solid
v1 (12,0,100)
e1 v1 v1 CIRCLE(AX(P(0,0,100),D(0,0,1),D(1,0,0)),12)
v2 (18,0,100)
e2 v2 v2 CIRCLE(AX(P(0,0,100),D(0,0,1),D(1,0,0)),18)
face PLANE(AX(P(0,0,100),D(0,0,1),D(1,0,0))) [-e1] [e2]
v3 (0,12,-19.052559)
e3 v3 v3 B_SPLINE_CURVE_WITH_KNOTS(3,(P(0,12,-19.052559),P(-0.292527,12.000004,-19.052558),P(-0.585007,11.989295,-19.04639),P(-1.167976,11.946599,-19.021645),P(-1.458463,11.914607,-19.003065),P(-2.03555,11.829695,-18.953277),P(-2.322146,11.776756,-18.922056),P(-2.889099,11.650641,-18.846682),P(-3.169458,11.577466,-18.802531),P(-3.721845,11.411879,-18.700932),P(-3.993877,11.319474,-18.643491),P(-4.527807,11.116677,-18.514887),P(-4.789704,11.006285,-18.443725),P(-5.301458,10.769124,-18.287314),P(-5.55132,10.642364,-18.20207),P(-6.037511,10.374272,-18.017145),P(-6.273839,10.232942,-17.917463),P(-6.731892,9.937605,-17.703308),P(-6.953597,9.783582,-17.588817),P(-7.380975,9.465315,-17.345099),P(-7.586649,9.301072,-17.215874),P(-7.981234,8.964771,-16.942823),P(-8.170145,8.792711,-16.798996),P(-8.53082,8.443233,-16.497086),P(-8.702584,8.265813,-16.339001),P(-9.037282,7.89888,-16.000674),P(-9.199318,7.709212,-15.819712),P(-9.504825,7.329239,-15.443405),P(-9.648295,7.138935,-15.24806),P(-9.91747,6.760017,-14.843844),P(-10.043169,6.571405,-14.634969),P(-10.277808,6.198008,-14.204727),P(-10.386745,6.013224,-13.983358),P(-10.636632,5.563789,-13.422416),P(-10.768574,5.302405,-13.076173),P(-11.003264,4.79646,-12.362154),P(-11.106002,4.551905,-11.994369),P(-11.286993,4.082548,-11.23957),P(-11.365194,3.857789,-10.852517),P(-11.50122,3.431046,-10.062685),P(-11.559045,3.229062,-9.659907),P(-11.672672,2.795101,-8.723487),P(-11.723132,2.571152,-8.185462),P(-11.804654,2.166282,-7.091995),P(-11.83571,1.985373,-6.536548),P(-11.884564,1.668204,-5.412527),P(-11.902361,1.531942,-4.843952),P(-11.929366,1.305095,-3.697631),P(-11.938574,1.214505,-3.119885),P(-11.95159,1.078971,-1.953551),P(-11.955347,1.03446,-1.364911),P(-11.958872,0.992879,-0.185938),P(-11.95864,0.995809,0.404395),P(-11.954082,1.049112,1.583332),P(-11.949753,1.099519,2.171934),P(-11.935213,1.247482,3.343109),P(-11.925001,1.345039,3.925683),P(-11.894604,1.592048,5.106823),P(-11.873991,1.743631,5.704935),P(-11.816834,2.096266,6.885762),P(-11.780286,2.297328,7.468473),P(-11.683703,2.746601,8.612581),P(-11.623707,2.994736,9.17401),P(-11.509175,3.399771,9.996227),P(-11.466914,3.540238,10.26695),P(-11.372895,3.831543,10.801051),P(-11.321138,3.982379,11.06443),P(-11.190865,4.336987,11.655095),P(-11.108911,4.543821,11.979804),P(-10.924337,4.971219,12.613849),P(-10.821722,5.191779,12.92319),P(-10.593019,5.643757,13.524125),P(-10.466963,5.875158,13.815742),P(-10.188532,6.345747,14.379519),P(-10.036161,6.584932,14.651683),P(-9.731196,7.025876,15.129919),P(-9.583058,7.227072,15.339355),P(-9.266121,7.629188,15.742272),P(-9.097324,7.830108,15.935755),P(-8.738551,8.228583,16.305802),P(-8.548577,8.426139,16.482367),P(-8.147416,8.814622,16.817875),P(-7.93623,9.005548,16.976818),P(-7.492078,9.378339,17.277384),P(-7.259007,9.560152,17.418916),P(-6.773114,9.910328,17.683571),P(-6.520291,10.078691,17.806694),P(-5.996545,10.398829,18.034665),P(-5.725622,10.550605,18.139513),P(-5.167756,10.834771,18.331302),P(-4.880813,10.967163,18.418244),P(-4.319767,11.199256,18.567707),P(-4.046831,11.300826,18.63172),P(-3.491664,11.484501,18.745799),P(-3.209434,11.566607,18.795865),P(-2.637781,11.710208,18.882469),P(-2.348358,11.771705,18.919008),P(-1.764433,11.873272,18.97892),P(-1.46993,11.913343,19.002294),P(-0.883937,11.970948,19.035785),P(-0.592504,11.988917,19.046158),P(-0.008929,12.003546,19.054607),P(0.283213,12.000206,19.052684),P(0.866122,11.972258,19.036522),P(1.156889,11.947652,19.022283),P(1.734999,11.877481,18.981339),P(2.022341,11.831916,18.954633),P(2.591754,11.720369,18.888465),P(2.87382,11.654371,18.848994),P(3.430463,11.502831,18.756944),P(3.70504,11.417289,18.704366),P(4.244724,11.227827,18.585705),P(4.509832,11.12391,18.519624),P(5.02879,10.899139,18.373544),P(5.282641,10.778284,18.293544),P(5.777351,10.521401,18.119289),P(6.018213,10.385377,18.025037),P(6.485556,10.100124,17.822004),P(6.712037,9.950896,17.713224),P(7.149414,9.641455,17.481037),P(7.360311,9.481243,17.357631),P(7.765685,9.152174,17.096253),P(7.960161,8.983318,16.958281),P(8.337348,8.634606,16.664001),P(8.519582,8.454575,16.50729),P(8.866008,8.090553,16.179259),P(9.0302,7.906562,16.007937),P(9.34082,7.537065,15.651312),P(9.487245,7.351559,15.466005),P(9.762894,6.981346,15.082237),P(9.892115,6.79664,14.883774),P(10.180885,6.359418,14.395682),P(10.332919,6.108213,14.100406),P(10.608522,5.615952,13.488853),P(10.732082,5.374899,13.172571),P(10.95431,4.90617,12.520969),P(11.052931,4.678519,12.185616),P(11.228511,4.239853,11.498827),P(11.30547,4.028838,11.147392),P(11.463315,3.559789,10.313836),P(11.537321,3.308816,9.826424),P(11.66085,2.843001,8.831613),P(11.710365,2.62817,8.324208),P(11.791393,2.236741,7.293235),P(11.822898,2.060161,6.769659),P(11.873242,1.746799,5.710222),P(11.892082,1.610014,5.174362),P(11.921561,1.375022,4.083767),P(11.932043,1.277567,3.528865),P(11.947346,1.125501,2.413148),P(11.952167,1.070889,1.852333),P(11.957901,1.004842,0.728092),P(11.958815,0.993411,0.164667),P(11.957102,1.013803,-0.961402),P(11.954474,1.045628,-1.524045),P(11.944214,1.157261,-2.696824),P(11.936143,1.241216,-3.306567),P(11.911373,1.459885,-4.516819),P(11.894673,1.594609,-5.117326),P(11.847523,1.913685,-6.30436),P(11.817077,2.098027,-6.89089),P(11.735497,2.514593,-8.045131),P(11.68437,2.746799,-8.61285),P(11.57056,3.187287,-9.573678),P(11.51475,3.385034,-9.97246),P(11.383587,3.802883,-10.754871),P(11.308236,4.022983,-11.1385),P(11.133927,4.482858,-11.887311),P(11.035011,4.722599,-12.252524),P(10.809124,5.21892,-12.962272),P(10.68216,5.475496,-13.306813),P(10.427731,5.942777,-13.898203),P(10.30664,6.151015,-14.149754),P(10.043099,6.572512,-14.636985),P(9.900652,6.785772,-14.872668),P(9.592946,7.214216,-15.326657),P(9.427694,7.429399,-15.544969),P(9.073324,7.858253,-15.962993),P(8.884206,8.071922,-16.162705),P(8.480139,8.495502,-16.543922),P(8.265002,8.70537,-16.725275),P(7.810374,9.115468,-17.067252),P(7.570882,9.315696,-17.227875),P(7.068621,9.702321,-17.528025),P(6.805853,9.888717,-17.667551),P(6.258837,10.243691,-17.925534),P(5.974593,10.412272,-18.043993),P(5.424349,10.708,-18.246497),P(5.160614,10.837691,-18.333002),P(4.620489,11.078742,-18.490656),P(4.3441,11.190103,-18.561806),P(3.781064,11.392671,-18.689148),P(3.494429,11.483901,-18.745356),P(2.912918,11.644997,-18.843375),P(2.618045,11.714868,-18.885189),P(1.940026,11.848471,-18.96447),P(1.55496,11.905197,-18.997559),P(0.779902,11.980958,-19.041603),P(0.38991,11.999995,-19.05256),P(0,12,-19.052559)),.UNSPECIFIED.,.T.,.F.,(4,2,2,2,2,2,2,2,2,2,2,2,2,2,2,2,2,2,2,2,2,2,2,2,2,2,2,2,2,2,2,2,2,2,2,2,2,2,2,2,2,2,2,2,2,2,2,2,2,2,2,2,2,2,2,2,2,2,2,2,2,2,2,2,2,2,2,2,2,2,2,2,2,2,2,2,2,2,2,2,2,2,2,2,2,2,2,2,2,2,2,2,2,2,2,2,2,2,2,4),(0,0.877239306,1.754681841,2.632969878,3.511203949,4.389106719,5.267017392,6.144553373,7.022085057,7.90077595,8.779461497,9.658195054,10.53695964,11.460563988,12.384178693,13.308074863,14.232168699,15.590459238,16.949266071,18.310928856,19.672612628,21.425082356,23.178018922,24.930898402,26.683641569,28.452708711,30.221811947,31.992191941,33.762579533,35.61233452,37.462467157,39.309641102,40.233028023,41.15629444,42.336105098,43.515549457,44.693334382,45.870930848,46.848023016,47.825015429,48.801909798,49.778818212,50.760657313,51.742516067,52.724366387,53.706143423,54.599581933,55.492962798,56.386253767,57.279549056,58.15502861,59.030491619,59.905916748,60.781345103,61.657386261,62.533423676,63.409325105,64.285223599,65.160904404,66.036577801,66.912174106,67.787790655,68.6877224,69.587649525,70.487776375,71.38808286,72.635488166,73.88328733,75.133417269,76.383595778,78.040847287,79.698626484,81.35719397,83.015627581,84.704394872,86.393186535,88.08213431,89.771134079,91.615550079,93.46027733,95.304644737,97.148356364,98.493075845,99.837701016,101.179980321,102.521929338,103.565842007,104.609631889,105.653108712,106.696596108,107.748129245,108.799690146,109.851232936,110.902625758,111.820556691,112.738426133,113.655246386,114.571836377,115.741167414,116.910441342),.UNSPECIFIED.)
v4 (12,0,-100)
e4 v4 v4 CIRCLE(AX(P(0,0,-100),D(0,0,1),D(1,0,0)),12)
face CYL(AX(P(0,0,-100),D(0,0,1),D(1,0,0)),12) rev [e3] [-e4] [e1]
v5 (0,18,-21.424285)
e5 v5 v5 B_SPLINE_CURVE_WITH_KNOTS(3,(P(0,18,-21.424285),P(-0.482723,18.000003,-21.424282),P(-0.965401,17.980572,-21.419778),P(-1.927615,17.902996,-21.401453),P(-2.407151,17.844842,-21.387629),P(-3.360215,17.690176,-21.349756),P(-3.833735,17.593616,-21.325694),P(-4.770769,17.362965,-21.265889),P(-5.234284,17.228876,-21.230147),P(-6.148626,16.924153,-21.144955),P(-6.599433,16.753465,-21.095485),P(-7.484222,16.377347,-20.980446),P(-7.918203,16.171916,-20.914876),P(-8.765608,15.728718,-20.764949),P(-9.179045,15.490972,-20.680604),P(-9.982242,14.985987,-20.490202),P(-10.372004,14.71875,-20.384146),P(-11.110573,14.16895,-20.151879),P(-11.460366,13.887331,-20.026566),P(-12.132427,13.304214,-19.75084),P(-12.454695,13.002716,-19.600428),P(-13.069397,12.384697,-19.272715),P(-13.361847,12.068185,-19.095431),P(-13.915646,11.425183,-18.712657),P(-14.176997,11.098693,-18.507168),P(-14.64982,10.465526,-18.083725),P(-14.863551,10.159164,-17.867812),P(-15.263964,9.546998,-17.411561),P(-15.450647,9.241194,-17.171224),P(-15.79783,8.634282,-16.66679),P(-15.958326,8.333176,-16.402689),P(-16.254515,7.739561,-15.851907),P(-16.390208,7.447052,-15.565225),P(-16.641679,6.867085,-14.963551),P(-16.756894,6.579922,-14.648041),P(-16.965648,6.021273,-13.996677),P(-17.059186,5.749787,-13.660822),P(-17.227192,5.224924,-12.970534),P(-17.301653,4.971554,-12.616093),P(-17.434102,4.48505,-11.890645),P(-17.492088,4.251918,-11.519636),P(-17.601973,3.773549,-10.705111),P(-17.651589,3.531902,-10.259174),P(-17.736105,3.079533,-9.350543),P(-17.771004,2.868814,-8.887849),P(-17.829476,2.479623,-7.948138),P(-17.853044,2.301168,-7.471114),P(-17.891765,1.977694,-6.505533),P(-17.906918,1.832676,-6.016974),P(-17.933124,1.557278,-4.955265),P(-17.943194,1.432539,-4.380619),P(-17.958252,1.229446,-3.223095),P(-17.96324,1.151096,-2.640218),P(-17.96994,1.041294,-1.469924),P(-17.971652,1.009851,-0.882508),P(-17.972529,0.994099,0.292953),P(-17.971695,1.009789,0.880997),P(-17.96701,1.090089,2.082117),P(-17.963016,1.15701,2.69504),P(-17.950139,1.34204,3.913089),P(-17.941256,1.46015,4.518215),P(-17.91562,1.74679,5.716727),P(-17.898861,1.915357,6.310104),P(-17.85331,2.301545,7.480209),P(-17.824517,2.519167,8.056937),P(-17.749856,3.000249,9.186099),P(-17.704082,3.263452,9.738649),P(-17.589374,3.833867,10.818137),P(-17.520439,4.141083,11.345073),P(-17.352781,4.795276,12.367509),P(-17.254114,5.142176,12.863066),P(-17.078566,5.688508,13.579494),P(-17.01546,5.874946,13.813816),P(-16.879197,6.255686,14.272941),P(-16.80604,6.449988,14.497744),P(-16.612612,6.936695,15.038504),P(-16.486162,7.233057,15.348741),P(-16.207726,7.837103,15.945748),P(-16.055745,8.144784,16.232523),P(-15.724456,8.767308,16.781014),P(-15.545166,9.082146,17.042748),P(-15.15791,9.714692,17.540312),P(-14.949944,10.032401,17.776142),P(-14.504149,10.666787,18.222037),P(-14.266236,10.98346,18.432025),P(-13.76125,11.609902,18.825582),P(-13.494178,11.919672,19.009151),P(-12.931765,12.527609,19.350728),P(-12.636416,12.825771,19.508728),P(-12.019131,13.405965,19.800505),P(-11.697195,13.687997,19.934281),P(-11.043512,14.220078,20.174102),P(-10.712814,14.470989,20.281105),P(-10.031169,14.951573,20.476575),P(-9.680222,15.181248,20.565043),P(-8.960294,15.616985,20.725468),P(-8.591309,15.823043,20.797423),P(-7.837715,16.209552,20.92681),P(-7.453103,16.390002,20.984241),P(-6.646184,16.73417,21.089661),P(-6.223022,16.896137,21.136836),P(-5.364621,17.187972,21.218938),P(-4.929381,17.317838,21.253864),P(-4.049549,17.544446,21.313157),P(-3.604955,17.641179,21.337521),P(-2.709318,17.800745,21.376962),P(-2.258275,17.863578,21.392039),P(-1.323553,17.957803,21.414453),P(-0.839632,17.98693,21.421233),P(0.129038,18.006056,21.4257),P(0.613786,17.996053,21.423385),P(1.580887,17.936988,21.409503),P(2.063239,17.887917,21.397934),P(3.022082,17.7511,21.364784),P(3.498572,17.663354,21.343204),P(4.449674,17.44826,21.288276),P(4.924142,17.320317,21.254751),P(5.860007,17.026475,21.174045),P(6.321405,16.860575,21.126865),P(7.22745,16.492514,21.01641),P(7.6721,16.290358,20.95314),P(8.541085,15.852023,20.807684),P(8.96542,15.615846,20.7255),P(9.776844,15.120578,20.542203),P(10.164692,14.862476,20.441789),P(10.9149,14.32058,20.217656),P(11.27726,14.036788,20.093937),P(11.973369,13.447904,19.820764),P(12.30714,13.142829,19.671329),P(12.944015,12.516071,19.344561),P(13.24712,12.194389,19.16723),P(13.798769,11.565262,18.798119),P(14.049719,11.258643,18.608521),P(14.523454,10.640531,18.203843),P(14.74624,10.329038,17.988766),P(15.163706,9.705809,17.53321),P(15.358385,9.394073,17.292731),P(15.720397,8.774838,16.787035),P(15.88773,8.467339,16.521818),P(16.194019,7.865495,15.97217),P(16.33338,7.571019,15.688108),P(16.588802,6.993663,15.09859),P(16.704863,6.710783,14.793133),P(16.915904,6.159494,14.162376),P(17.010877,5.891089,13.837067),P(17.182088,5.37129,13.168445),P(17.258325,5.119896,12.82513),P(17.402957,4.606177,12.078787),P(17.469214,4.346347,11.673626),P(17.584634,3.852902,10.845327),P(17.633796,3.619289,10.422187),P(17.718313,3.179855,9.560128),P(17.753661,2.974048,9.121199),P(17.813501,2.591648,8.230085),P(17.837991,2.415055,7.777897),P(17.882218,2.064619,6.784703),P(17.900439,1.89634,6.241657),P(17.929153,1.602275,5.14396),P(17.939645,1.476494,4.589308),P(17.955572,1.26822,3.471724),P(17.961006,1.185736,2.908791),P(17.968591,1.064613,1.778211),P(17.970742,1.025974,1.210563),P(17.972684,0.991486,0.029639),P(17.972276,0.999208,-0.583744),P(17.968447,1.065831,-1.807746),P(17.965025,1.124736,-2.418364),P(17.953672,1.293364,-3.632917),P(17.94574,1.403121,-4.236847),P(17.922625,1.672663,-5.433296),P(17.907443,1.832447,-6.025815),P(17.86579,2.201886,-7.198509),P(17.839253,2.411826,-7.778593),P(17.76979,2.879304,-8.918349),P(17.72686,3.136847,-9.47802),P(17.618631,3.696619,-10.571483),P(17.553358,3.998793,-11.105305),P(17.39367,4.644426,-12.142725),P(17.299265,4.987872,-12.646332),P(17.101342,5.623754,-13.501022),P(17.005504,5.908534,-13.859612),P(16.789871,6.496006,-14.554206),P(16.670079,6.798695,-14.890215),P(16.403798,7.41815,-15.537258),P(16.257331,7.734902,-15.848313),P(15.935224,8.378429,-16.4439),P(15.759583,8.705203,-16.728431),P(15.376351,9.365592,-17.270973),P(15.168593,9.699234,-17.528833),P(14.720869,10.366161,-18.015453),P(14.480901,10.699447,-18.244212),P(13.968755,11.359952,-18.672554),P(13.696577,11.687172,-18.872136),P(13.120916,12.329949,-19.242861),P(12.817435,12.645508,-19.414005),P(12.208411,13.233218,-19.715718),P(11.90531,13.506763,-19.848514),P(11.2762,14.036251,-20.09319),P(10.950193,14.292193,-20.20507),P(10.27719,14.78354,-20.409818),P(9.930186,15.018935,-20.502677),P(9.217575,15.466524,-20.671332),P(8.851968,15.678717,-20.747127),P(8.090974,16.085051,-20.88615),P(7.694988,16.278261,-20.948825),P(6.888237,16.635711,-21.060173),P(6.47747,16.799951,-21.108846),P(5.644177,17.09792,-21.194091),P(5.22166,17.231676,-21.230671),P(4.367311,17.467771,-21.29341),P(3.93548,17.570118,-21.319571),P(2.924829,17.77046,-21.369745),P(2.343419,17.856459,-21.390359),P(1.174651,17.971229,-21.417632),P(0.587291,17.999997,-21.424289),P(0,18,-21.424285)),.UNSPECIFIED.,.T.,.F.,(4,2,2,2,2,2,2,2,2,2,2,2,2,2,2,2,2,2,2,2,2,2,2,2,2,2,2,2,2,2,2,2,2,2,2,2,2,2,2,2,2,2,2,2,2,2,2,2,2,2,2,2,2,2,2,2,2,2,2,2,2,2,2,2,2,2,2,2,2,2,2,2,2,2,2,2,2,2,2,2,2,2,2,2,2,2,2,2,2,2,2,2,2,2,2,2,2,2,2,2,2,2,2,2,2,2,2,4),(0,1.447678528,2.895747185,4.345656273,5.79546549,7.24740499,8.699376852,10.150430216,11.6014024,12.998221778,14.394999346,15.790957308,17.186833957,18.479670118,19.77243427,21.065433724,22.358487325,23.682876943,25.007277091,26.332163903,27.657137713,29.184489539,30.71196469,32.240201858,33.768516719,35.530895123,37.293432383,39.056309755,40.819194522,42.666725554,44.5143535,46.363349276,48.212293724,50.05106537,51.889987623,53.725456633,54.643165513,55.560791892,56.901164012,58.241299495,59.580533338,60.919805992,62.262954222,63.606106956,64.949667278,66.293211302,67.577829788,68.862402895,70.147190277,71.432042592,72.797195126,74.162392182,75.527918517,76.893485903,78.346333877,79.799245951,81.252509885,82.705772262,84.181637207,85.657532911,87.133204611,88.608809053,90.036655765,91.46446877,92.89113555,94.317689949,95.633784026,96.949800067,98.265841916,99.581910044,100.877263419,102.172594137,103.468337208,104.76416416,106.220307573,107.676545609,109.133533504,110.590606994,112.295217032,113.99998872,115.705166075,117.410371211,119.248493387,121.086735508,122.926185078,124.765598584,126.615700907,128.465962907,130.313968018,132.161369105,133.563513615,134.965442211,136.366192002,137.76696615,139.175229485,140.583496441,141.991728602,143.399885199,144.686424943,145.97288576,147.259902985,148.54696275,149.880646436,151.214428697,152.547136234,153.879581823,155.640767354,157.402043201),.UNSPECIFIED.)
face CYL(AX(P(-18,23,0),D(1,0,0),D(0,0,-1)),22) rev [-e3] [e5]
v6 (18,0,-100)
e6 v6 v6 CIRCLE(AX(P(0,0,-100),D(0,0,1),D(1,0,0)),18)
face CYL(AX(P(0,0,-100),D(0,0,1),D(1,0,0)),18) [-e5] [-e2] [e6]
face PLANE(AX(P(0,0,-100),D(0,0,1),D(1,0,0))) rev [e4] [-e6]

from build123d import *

# Parameters (mm, degrees)
BOSS_EXTRUDE1_DEPTH      = 100
BOSS_EXTRUDE1_DEPTH_BACK = 100
SKETCH1_R                = 18
SKETCH1_R_2              = 12
CUT_EXTRUDE1_DEPTH       = 104.189146716
CUT_EXTRUDE1_DEPTH_BACK  = 104.189146716
SKETCH2_R                = 22


with BuildPart() as part:
    # Sketch1 → Boss-Extrude1 (new, two sides: drawn at the far end of the back side and taken through both)
    with BuildSketch(Plane.XY.offset(-BOSS_EXTRUDE1_DEPTH_BACK)):
        Circle(SKETCH1_R)
        Circle(SKETCH1_R_2, mode=Mode.SUBTRACT)
    extrude(amount=BOSS_EXTRUDE1_DEPTH + BOSS_EXTRUDE1_DEPTH_BACK)

    # Sketch2 → Cut-Extrude1 (cut, two sides: drawn at the far end of the back side and taken through both)
    with BuildSketch(Plane(origin=(0, 0, 0), x_dir=(0, 0, -1), z_dir=(1, 0, 0)).offset(-CUT_EXTRUDE1_DEPTH_BACK)):
        with Locations((0, 23)):
            Circle(SKETCH2_R)
    extrude(amount=CUT_EXTRUDE1_DEPTH + CUT_EXTRUDE1_DEPTH_BACK, mode=Mode.SUBTRACT)


solid = part.part
